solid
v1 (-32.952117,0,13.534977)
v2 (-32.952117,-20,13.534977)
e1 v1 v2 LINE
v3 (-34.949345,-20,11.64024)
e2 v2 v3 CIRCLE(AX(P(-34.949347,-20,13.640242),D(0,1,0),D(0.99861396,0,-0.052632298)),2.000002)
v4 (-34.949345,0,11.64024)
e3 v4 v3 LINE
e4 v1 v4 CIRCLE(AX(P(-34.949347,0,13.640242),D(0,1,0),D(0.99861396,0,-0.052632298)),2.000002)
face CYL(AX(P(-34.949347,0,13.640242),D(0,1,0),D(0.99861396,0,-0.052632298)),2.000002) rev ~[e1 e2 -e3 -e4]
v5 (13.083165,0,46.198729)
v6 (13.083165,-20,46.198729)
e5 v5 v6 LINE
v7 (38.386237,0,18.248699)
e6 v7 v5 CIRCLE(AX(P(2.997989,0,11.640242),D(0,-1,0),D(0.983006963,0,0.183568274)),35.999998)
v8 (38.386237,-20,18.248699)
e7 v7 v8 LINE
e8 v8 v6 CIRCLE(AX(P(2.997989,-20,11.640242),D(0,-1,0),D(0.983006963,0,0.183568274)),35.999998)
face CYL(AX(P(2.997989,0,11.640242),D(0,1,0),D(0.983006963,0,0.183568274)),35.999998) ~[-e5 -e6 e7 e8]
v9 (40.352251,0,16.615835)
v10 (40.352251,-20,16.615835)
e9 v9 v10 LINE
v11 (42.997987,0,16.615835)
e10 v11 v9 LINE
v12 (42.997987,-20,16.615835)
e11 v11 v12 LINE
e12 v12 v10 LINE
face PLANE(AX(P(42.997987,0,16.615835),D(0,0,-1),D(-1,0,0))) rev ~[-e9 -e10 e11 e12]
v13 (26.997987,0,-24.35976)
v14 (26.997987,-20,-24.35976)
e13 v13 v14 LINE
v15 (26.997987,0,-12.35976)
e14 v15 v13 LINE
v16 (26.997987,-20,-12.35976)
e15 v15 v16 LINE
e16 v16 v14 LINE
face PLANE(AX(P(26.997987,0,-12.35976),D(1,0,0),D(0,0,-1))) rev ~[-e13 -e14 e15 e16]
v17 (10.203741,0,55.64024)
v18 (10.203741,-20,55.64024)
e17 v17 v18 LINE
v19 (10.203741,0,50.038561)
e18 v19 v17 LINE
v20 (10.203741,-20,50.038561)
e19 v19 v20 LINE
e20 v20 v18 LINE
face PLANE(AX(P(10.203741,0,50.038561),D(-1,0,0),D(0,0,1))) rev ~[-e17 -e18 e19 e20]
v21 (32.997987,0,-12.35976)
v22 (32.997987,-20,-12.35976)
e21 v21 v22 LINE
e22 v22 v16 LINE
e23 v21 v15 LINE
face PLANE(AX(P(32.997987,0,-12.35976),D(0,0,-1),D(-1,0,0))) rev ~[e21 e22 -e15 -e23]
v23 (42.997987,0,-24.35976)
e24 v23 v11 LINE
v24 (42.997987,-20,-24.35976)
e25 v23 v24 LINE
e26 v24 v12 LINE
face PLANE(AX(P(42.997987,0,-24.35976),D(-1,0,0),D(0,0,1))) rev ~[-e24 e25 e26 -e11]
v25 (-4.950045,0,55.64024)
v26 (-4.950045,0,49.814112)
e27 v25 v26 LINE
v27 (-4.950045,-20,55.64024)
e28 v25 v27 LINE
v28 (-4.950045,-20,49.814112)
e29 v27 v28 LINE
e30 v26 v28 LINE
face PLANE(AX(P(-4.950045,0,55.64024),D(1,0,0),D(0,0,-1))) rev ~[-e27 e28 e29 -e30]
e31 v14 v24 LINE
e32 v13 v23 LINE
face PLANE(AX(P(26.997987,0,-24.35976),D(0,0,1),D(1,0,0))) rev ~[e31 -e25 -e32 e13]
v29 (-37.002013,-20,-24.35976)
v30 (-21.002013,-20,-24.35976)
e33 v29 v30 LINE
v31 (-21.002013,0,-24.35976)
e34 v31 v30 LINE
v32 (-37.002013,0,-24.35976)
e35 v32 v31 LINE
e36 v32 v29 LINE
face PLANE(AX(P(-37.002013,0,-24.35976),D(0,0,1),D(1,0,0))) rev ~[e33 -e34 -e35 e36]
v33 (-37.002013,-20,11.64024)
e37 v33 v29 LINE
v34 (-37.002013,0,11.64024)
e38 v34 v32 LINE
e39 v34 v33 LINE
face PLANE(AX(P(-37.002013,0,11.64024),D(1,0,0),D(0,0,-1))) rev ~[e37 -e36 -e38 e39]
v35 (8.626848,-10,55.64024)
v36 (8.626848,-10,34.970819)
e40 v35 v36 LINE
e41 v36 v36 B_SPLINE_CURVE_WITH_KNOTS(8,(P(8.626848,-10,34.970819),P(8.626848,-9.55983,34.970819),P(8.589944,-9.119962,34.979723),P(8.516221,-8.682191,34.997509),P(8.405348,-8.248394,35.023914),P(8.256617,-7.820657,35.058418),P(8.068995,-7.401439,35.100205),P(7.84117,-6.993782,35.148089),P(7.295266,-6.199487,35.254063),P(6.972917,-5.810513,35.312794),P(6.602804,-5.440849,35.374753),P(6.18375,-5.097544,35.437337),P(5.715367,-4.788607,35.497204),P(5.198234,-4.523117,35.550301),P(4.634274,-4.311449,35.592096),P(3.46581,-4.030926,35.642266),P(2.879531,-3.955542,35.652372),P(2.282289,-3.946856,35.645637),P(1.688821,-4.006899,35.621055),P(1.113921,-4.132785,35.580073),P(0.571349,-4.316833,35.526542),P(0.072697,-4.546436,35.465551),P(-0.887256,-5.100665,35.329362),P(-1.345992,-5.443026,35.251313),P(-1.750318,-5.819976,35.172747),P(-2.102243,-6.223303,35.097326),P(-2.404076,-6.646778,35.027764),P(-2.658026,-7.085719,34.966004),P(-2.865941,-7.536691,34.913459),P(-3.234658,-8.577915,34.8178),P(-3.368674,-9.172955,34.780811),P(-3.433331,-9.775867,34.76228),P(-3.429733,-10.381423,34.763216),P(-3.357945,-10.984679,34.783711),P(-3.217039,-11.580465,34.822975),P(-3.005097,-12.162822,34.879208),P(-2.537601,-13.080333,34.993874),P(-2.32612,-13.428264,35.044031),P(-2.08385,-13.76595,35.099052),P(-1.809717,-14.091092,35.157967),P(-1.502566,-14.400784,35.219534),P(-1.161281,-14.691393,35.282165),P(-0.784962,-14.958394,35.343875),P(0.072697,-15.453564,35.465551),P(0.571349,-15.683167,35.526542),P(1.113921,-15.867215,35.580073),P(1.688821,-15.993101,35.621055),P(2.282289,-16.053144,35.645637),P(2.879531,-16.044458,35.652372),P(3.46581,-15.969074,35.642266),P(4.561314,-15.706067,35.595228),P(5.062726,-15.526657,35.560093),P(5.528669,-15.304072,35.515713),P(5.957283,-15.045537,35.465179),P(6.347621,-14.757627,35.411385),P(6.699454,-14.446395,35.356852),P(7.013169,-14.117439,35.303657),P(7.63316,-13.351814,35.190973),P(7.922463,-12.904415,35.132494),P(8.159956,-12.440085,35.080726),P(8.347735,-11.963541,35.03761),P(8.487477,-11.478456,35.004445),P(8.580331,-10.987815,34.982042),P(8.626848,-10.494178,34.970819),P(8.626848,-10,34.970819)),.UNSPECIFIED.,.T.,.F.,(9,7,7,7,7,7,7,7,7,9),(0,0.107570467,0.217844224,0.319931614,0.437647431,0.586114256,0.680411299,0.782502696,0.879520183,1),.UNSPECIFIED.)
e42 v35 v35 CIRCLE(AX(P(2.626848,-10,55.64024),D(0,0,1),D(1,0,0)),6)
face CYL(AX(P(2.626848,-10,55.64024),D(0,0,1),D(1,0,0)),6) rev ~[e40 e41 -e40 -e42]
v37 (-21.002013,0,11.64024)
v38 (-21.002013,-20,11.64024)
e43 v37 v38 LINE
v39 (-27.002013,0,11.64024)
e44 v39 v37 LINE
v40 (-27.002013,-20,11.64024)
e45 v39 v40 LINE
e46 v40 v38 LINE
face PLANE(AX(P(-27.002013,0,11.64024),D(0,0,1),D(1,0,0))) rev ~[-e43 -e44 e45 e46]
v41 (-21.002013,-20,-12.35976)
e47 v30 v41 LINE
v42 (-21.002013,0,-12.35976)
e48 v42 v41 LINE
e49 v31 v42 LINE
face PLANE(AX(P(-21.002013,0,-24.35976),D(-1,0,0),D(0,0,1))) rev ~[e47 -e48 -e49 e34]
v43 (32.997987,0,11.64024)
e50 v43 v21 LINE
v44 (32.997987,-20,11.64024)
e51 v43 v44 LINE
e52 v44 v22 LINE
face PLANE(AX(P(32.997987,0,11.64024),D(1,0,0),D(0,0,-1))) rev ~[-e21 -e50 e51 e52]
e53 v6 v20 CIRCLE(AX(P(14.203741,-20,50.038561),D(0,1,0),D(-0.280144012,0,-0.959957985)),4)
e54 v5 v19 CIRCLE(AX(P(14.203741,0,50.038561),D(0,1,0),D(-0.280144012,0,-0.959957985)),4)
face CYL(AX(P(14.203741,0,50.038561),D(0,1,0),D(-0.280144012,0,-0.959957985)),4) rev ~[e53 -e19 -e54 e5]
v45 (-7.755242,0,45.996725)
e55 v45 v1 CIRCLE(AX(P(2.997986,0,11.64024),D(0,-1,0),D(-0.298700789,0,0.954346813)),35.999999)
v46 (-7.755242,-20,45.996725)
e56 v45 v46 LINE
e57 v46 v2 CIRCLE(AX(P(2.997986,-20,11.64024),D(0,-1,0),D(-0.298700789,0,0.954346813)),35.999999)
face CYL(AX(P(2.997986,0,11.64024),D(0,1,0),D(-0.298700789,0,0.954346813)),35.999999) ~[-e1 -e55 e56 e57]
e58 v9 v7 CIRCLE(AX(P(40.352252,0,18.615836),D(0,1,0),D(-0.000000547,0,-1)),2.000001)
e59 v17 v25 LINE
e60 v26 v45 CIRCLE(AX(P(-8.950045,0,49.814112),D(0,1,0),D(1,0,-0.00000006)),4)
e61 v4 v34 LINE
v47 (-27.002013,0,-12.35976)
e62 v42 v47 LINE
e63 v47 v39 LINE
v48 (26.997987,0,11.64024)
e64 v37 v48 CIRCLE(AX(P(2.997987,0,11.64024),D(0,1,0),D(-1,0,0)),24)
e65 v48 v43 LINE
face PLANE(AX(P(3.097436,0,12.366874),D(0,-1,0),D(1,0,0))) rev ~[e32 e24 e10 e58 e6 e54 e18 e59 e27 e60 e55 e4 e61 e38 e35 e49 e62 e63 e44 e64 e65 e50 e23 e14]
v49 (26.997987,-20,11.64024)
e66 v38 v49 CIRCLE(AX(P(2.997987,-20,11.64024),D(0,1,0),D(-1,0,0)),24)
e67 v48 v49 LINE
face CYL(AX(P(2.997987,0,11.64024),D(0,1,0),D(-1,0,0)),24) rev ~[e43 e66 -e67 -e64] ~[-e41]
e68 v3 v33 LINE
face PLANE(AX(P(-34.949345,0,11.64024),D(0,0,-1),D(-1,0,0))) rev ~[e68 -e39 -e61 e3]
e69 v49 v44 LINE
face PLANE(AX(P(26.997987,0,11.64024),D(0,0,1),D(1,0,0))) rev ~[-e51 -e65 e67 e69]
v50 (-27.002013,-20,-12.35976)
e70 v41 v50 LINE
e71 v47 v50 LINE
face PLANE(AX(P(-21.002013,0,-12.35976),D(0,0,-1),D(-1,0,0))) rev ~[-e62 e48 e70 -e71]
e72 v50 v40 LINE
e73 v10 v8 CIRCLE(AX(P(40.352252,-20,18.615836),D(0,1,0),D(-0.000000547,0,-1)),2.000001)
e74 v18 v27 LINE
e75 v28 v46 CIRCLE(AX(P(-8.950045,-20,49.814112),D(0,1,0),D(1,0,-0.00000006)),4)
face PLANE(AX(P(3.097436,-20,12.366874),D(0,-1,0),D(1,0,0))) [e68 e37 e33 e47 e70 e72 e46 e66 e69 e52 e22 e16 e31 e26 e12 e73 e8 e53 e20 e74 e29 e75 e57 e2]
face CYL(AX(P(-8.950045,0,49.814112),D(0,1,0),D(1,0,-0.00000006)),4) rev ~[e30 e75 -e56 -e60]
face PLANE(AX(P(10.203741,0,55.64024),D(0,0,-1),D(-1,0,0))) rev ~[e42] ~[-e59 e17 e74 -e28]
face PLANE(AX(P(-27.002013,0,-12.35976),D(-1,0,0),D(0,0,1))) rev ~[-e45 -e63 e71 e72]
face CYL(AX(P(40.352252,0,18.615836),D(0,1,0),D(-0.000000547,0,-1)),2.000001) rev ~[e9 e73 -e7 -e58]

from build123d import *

# Parameters (mm, degrees)
F1_DEPTH = 20
F2_R     = 6
F3_DEPTH = 80.001


with BuildPart() as f1:
    # F0 (on Front) → F1 (new body)
    with BuildSketch(Plane.XZ):
        with BuildLine():
            Line((-34.949345, 11.64024), (-37.002013, 11.64024))
            Line((-37.002013, 11.64024), (-37.002013, -24.35976))
            Line((-37.002013, -24.35976), (-21.002013, -24.35976))
            Line((-21.002013, -24.35976), (-21.002013, -12.35976))
            Line((-21.002013, -12.35976), (-27.002013, -12.35976))
            Line((-27.002013, -12.35976), (-27.002013, 11.64024))
            Line((-27.002013, 11.64024), (-21.002013, 11.64024))
            ThreePointArc((-21.002013, 11.64024), (2.997987, 35.64024), (26.997987, 11.64024))
            Line((26.997987, 11.64024), (32.997987, 11.64024))
            Line((32.997987, 11.64024), (32.997987, -12.35976))
            Line((32.997987, -12.35976), (26.997987, -12.35976))
            Line((26.997987, -12.35976), (26.997987, -24.35976))
            Line((26.997987, -24.35976), (42.997987, -24.35976))
            Line((42.997987, -24.35976), (42.997987, 16.615835))
            Line((42.997987, 16.615835), (40.352251, 16.615835))
            ThreePointArc((40.352251, 16.615835), (39.074416, 17.077285), (38.386237, 18.248699))
            ThreePointArc((38.386237, 18.248699), (29.686172, 35.800968), (13.083165, 46.198729))
            ThreePointArc((13.083165, 46.198729), (11.003561, 47.638801), (10.203741, 50.038561))
            Line((10.203741, 50.038561), (10.203741, 55.64024))
            Line((10.203741, 55.64024), (-4.950045, 55.64024))
            Line((-4.950045, 55.64024), (-4.950045, 49.814112))
            ThreePointArc((-4.950045, 49.814112), (-5.726754, 47.445485), (-7.755242, 45.996725))
            ThreePointArc((-7.755242, 45.996725), (-25.440396, 33.71417), (-32.952117, 13.534977))
            ThreePointArc((-32.952117, 13.534977), (-33.572851, 12.189288), (-34.949345, 11.64024))
        make_face()
    extrude(amount=F1_DEPTH)

    # F2 (on face) → F3 (cut, through all)
    with BuildSketch(Plane.XY.offset(55.64024)):
        with Locations((2.626848, -10)):
            Circle(F2_R)
    extrude(amount=-F3_DEPTH, mode=Mode.SUBTRACT)


solid = f1.part
